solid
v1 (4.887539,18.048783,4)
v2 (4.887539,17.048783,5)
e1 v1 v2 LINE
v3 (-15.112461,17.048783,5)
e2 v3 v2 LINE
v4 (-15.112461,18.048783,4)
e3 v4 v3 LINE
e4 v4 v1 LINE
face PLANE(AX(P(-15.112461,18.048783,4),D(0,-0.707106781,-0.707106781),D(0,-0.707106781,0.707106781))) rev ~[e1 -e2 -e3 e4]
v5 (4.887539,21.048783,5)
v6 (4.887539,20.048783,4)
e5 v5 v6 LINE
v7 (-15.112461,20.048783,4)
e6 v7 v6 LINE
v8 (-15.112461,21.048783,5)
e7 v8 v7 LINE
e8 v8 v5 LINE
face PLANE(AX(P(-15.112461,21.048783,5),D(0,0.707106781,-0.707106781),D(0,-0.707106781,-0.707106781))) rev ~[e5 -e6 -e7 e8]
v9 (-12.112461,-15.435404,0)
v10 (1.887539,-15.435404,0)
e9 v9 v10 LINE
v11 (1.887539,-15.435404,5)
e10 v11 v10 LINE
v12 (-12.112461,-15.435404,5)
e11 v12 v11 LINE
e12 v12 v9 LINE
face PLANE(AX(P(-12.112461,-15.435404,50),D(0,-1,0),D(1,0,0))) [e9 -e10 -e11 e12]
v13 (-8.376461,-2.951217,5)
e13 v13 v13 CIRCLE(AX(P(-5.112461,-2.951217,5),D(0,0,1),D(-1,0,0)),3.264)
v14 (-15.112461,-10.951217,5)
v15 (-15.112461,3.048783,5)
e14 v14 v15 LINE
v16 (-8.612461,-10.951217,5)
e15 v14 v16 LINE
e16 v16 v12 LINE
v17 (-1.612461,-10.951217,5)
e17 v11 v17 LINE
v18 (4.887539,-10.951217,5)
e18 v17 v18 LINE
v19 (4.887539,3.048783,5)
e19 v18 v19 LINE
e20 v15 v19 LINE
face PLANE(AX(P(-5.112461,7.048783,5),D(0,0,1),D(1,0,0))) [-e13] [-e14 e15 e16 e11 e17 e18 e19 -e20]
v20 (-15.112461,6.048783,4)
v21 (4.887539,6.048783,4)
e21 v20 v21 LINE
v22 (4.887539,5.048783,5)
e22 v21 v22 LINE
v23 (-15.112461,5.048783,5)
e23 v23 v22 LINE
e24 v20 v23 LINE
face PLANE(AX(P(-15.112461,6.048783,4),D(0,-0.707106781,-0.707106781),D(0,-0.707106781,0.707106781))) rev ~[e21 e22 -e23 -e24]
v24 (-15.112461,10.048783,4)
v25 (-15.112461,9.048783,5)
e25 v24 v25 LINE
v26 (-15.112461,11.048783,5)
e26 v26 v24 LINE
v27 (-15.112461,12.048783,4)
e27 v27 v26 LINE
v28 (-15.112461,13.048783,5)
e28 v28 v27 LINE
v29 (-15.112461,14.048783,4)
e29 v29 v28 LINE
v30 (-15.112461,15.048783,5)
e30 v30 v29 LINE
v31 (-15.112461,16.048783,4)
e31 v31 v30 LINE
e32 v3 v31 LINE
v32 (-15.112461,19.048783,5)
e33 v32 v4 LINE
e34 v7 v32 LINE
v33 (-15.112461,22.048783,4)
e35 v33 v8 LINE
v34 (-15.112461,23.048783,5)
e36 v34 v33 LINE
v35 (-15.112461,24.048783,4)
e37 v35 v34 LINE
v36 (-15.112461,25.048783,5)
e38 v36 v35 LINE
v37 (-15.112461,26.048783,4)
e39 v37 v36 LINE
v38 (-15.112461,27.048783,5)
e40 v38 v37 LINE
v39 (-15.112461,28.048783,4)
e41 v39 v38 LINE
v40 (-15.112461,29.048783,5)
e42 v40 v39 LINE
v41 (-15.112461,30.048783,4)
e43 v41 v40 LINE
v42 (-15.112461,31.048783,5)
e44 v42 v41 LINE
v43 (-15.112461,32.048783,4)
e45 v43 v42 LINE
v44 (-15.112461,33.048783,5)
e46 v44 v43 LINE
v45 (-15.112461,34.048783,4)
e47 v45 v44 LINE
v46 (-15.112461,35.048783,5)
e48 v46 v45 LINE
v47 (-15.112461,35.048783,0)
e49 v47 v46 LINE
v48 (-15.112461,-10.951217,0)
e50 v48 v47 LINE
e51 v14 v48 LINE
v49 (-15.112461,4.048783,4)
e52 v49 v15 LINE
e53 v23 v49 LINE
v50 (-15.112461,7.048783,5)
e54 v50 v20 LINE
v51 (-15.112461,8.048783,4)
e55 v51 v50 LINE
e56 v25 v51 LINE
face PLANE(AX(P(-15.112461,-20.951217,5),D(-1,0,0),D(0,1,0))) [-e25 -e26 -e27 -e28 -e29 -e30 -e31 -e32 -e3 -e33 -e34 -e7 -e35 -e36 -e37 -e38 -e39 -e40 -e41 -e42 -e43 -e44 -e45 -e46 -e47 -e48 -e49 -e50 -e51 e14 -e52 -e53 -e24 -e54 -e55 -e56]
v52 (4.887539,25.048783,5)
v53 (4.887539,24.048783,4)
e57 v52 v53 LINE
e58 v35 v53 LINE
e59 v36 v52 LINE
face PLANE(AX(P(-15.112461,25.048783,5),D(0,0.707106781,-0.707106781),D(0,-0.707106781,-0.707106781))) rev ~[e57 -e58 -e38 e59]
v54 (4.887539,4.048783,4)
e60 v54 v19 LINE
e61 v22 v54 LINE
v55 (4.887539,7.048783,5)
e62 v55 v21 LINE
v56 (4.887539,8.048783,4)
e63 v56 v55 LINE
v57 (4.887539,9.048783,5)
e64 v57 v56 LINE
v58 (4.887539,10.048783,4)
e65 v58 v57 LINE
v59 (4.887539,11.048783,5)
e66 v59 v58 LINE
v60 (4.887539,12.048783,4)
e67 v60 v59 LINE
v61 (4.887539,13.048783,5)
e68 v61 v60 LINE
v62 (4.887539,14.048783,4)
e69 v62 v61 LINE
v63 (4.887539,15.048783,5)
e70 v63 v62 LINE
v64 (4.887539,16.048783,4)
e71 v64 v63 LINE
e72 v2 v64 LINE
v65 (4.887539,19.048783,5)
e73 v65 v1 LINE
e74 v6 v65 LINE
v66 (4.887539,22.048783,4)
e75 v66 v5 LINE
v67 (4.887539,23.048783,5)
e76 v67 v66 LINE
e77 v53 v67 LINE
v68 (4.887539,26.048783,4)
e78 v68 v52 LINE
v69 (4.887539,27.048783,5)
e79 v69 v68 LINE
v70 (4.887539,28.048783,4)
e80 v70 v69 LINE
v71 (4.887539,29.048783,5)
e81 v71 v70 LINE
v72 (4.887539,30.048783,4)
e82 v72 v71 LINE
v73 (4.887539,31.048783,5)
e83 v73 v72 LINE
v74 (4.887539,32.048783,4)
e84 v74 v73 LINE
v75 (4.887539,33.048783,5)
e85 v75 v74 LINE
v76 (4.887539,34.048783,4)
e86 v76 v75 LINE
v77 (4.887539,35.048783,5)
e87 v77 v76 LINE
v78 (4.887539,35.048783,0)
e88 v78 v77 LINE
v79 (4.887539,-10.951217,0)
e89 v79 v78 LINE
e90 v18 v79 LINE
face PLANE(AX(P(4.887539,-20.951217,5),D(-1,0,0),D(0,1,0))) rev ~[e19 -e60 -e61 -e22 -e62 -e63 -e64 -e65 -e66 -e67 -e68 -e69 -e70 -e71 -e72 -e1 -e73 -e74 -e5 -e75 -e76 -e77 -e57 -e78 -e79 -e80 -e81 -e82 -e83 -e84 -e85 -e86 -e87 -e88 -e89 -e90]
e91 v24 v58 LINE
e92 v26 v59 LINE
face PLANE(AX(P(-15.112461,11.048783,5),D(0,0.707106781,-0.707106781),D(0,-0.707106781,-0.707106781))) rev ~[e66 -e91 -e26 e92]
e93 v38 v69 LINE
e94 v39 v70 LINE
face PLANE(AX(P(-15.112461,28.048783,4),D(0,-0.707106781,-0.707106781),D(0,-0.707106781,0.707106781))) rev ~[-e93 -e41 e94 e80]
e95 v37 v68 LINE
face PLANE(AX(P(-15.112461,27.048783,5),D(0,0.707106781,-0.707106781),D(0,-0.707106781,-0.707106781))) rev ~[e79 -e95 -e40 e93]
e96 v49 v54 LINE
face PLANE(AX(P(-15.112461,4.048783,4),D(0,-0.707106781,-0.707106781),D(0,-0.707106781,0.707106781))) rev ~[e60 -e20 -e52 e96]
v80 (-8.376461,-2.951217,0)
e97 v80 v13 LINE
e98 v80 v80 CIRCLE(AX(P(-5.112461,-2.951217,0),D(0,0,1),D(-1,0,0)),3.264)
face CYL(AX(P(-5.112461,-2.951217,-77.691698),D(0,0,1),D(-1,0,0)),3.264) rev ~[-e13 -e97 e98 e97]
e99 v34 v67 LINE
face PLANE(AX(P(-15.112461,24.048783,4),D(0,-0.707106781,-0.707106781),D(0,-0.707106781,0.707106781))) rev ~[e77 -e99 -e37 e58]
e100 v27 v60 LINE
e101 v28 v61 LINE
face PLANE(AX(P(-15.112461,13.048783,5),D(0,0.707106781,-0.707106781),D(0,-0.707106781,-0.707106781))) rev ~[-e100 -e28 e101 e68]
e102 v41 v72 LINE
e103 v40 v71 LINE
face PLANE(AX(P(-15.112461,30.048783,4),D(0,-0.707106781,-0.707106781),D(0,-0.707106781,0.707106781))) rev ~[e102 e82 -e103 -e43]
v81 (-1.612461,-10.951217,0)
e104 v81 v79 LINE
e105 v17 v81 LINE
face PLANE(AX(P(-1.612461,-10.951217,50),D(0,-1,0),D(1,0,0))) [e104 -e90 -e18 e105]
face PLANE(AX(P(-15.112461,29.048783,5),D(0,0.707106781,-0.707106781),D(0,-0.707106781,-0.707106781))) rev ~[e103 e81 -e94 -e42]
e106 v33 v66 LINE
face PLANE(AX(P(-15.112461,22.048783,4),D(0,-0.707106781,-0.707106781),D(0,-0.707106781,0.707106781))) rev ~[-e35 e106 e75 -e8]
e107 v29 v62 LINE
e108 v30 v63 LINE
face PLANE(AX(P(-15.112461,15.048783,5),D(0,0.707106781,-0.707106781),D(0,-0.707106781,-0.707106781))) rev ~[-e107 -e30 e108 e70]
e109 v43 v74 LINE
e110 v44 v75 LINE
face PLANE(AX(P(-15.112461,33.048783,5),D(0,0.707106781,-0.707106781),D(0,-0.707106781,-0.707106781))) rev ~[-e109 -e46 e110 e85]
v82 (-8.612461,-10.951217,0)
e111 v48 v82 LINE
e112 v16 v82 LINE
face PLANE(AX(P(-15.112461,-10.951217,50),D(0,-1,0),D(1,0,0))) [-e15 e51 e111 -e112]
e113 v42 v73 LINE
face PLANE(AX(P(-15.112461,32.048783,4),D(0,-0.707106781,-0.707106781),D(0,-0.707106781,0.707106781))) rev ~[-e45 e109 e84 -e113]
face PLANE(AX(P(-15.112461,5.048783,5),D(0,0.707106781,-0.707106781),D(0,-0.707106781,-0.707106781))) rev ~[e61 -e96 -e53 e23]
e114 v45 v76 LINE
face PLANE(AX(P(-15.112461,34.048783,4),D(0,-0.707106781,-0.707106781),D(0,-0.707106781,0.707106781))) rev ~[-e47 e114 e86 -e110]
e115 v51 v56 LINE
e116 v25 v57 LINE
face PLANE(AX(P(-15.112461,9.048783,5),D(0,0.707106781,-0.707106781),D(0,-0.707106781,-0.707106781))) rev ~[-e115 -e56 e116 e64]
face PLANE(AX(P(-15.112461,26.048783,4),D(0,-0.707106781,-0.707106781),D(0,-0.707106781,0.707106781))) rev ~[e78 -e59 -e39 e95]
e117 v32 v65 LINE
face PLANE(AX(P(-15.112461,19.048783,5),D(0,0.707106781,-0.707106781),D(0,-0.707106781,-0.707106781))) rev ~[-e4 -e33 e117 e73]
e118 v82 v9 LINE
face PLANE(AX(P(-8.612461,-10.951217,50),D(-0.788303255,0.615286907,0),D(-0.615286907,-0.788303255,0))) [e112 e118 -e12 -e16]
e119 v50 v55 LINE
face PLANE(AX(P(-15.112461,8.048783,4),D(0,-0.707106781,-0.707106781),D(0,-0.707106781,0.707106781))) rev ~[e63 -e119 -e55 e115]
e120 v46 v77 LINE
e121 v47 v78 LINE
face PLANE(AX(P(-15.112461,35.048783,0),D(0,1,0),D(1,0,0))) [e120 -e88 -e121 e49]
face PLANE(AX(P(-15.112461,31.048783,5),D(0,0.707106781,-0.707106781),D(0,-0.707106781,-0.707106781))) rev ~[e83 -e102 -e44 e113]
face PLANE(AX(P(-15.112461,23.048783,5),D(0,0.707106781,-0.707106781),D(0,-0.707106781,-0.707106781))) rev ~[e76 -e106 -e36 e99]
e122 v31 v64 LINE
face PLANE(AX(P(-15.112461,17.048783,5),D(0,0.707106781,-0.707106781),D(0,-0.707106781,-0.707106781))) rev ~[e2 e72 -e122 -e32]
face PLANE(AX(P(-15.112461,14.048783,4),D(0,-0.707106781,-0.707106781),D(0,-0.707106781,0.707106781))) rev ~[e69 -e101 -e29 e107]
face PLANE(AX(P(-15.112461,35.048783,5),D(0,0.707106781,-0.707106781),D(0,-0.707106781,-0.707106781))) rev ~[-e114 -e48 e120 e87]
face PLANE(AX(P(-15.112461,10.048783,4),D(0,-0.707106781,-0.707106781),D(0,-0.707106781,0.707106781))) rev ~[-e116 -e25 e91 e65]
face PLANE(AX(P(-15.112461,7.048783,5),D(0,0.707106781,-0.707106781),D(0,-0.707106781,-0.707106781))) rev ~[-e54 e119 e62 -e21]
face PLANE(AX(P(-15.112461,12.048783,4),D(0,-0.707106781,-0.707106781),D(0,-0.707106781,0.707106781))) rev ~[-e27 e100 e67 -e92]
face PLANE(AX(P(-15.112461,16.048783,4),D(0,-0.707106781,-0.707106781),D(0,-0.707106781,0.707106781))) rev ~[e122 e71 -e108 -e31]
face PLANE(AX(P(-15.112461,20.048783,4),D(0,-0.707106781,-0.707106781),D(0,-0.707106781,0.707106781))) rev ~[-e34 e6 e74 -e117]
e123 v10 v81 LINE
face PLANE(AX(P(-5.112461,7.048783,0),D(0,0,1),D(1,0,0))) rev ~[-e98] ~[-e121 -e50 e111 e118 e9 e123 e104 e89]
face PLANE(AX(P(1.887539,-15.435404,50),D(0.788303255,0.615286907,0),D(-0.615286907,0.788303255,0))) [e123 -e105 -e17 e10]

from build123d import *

# Parameters (mm, degrees)
F0_W      = 20
F0_H      = 56
F1_DEPTH  = 5
F2_W      = 20
F2_H      = 10
F3_DEPTH  = 45
F5_D      = 6.528
F7_DEPTH  = 20
F9_DEPTH  = 45
F10_DEPTH = 50.001


with BuildPart() as f1:
    # F0 (on Top) → F1 (new body)
    with BuildSketch(Plane.XY):
        with Locations((-5.1124608144, 7.0487826013)):
            Rectangle(F0_W, F0_H)
    extrude(amount=F1_DEPTH)

    # F2 (on face) → F3 (join)
    with BuildSketch(Plane.XY.offset(5)):
        with Locations((-5.1124608144, -15.9512173987)):
            Rectangle(F2_W, F2_H)
    extrude(amount=F3_DEPTH)

    # F5 (through all)
    with Locations(Plane(origin=(0, 0, 0), x_dir=(1, 0, 0), z_dir=(0, 0, -1))):
        with Locations((-5.1124608144, 2.9512173987)):
            Hole(F5_D / 2)

    # F6 (on face) → F7 (cut, through all)
    with BuildSketch(Plane(origin=(-15.1124608144, 0, 0), x_dir=(0, -1, 0), z_dir=(-1, 0, 0))):
        Polygon((-33.0487826013, 5), (-35.0487826013, 5), (-34.0487826013, 4), align=None)
        Polygon((-31.0487826013, 5), (-33.0487826013, 5), (-32.0487826013, 4), align=None)
        Polygon((-29.0487826013, 5), (-31.0487826013, 5), (-30.0487826013, 4), align=None)
        Polygon((-27.0487826013, 5), (-29.0487826013, 5), (-28.0487826013, 4), align=None)
        Polygon((-25.0487826013, 5), (-27.0487826013, 5), (-26.0487826013, 4), align=None)
        Polygon((-23.0487826013, 5), (-25.0487826013, 5), (-24.0487826013, 4), align=None)
        Polygon((-21.0487826013, 5), (-23.0487826013, 5), (-22.0487826013, 4), align=None)
        Polygon((-19.0487826013, 5), (-21.0487826013, 5), (-20.0487826013, 4), align=None)
        Polygon((-17.0487826013, 5), (-19.0487826013, 5), (-18.0487826013, 4), align=None)
        Polygon((-15.0487826013, 5), (-17.0487826013, 5), (-16.0487826013, 4), align=None)
        Polygon((-13.0487826013, 5), (-15.0487826013, 5), (-14.0487826013, 4), align=None)
        Polygon((-12.0487826013, 4), (-11.0487826013, 5), (-13.0487826013, 5), align=None)
        Polygon((-10.0487826013, 4), (-9.0487826013, 5), (-11.0487826013, 5), align=None)
        Polygon((-8.0487826013, 4), (-7.0487826013, 5), (-9.0487826013, 5), align=None)
        Polygon((-6.0487826013, 4), (-5.0487826013, 5), (-7.0487826013, 5), align=None)
        Polygon((-4.0487826013, 4), (-3.0487826013, 5), (-5.0487826013, 5), align=None)
    extrude(amount=-F7_DEPTH, mode=Mode.SUBTRACT)

    # F8 (on face) → F9 (cut)
    with BuildSketch(Plane.XY.offset(50)):
        Polygon((-1.6124608144, -10.9512173987), (-8.6124608144, -10.9512173987), (-12.1124608144, -15.4354041442), (1.8875391856, -15.4354041442), align=None)
    extrude(amount=-F9_DEPTH, mode=Mode.SUBTRACT)

    # F10 (cut, through all): a face of the model
    f10_faces = [f1.faces().sort_by_distance(p)[0] for p in [
        (-5.1124608144, -16.7236905936, 50),
    ]]
    extrude(f10_faces, amount=-F10_DEPTH, mode=Mode.SUBTRACT)


solid = f1.part
